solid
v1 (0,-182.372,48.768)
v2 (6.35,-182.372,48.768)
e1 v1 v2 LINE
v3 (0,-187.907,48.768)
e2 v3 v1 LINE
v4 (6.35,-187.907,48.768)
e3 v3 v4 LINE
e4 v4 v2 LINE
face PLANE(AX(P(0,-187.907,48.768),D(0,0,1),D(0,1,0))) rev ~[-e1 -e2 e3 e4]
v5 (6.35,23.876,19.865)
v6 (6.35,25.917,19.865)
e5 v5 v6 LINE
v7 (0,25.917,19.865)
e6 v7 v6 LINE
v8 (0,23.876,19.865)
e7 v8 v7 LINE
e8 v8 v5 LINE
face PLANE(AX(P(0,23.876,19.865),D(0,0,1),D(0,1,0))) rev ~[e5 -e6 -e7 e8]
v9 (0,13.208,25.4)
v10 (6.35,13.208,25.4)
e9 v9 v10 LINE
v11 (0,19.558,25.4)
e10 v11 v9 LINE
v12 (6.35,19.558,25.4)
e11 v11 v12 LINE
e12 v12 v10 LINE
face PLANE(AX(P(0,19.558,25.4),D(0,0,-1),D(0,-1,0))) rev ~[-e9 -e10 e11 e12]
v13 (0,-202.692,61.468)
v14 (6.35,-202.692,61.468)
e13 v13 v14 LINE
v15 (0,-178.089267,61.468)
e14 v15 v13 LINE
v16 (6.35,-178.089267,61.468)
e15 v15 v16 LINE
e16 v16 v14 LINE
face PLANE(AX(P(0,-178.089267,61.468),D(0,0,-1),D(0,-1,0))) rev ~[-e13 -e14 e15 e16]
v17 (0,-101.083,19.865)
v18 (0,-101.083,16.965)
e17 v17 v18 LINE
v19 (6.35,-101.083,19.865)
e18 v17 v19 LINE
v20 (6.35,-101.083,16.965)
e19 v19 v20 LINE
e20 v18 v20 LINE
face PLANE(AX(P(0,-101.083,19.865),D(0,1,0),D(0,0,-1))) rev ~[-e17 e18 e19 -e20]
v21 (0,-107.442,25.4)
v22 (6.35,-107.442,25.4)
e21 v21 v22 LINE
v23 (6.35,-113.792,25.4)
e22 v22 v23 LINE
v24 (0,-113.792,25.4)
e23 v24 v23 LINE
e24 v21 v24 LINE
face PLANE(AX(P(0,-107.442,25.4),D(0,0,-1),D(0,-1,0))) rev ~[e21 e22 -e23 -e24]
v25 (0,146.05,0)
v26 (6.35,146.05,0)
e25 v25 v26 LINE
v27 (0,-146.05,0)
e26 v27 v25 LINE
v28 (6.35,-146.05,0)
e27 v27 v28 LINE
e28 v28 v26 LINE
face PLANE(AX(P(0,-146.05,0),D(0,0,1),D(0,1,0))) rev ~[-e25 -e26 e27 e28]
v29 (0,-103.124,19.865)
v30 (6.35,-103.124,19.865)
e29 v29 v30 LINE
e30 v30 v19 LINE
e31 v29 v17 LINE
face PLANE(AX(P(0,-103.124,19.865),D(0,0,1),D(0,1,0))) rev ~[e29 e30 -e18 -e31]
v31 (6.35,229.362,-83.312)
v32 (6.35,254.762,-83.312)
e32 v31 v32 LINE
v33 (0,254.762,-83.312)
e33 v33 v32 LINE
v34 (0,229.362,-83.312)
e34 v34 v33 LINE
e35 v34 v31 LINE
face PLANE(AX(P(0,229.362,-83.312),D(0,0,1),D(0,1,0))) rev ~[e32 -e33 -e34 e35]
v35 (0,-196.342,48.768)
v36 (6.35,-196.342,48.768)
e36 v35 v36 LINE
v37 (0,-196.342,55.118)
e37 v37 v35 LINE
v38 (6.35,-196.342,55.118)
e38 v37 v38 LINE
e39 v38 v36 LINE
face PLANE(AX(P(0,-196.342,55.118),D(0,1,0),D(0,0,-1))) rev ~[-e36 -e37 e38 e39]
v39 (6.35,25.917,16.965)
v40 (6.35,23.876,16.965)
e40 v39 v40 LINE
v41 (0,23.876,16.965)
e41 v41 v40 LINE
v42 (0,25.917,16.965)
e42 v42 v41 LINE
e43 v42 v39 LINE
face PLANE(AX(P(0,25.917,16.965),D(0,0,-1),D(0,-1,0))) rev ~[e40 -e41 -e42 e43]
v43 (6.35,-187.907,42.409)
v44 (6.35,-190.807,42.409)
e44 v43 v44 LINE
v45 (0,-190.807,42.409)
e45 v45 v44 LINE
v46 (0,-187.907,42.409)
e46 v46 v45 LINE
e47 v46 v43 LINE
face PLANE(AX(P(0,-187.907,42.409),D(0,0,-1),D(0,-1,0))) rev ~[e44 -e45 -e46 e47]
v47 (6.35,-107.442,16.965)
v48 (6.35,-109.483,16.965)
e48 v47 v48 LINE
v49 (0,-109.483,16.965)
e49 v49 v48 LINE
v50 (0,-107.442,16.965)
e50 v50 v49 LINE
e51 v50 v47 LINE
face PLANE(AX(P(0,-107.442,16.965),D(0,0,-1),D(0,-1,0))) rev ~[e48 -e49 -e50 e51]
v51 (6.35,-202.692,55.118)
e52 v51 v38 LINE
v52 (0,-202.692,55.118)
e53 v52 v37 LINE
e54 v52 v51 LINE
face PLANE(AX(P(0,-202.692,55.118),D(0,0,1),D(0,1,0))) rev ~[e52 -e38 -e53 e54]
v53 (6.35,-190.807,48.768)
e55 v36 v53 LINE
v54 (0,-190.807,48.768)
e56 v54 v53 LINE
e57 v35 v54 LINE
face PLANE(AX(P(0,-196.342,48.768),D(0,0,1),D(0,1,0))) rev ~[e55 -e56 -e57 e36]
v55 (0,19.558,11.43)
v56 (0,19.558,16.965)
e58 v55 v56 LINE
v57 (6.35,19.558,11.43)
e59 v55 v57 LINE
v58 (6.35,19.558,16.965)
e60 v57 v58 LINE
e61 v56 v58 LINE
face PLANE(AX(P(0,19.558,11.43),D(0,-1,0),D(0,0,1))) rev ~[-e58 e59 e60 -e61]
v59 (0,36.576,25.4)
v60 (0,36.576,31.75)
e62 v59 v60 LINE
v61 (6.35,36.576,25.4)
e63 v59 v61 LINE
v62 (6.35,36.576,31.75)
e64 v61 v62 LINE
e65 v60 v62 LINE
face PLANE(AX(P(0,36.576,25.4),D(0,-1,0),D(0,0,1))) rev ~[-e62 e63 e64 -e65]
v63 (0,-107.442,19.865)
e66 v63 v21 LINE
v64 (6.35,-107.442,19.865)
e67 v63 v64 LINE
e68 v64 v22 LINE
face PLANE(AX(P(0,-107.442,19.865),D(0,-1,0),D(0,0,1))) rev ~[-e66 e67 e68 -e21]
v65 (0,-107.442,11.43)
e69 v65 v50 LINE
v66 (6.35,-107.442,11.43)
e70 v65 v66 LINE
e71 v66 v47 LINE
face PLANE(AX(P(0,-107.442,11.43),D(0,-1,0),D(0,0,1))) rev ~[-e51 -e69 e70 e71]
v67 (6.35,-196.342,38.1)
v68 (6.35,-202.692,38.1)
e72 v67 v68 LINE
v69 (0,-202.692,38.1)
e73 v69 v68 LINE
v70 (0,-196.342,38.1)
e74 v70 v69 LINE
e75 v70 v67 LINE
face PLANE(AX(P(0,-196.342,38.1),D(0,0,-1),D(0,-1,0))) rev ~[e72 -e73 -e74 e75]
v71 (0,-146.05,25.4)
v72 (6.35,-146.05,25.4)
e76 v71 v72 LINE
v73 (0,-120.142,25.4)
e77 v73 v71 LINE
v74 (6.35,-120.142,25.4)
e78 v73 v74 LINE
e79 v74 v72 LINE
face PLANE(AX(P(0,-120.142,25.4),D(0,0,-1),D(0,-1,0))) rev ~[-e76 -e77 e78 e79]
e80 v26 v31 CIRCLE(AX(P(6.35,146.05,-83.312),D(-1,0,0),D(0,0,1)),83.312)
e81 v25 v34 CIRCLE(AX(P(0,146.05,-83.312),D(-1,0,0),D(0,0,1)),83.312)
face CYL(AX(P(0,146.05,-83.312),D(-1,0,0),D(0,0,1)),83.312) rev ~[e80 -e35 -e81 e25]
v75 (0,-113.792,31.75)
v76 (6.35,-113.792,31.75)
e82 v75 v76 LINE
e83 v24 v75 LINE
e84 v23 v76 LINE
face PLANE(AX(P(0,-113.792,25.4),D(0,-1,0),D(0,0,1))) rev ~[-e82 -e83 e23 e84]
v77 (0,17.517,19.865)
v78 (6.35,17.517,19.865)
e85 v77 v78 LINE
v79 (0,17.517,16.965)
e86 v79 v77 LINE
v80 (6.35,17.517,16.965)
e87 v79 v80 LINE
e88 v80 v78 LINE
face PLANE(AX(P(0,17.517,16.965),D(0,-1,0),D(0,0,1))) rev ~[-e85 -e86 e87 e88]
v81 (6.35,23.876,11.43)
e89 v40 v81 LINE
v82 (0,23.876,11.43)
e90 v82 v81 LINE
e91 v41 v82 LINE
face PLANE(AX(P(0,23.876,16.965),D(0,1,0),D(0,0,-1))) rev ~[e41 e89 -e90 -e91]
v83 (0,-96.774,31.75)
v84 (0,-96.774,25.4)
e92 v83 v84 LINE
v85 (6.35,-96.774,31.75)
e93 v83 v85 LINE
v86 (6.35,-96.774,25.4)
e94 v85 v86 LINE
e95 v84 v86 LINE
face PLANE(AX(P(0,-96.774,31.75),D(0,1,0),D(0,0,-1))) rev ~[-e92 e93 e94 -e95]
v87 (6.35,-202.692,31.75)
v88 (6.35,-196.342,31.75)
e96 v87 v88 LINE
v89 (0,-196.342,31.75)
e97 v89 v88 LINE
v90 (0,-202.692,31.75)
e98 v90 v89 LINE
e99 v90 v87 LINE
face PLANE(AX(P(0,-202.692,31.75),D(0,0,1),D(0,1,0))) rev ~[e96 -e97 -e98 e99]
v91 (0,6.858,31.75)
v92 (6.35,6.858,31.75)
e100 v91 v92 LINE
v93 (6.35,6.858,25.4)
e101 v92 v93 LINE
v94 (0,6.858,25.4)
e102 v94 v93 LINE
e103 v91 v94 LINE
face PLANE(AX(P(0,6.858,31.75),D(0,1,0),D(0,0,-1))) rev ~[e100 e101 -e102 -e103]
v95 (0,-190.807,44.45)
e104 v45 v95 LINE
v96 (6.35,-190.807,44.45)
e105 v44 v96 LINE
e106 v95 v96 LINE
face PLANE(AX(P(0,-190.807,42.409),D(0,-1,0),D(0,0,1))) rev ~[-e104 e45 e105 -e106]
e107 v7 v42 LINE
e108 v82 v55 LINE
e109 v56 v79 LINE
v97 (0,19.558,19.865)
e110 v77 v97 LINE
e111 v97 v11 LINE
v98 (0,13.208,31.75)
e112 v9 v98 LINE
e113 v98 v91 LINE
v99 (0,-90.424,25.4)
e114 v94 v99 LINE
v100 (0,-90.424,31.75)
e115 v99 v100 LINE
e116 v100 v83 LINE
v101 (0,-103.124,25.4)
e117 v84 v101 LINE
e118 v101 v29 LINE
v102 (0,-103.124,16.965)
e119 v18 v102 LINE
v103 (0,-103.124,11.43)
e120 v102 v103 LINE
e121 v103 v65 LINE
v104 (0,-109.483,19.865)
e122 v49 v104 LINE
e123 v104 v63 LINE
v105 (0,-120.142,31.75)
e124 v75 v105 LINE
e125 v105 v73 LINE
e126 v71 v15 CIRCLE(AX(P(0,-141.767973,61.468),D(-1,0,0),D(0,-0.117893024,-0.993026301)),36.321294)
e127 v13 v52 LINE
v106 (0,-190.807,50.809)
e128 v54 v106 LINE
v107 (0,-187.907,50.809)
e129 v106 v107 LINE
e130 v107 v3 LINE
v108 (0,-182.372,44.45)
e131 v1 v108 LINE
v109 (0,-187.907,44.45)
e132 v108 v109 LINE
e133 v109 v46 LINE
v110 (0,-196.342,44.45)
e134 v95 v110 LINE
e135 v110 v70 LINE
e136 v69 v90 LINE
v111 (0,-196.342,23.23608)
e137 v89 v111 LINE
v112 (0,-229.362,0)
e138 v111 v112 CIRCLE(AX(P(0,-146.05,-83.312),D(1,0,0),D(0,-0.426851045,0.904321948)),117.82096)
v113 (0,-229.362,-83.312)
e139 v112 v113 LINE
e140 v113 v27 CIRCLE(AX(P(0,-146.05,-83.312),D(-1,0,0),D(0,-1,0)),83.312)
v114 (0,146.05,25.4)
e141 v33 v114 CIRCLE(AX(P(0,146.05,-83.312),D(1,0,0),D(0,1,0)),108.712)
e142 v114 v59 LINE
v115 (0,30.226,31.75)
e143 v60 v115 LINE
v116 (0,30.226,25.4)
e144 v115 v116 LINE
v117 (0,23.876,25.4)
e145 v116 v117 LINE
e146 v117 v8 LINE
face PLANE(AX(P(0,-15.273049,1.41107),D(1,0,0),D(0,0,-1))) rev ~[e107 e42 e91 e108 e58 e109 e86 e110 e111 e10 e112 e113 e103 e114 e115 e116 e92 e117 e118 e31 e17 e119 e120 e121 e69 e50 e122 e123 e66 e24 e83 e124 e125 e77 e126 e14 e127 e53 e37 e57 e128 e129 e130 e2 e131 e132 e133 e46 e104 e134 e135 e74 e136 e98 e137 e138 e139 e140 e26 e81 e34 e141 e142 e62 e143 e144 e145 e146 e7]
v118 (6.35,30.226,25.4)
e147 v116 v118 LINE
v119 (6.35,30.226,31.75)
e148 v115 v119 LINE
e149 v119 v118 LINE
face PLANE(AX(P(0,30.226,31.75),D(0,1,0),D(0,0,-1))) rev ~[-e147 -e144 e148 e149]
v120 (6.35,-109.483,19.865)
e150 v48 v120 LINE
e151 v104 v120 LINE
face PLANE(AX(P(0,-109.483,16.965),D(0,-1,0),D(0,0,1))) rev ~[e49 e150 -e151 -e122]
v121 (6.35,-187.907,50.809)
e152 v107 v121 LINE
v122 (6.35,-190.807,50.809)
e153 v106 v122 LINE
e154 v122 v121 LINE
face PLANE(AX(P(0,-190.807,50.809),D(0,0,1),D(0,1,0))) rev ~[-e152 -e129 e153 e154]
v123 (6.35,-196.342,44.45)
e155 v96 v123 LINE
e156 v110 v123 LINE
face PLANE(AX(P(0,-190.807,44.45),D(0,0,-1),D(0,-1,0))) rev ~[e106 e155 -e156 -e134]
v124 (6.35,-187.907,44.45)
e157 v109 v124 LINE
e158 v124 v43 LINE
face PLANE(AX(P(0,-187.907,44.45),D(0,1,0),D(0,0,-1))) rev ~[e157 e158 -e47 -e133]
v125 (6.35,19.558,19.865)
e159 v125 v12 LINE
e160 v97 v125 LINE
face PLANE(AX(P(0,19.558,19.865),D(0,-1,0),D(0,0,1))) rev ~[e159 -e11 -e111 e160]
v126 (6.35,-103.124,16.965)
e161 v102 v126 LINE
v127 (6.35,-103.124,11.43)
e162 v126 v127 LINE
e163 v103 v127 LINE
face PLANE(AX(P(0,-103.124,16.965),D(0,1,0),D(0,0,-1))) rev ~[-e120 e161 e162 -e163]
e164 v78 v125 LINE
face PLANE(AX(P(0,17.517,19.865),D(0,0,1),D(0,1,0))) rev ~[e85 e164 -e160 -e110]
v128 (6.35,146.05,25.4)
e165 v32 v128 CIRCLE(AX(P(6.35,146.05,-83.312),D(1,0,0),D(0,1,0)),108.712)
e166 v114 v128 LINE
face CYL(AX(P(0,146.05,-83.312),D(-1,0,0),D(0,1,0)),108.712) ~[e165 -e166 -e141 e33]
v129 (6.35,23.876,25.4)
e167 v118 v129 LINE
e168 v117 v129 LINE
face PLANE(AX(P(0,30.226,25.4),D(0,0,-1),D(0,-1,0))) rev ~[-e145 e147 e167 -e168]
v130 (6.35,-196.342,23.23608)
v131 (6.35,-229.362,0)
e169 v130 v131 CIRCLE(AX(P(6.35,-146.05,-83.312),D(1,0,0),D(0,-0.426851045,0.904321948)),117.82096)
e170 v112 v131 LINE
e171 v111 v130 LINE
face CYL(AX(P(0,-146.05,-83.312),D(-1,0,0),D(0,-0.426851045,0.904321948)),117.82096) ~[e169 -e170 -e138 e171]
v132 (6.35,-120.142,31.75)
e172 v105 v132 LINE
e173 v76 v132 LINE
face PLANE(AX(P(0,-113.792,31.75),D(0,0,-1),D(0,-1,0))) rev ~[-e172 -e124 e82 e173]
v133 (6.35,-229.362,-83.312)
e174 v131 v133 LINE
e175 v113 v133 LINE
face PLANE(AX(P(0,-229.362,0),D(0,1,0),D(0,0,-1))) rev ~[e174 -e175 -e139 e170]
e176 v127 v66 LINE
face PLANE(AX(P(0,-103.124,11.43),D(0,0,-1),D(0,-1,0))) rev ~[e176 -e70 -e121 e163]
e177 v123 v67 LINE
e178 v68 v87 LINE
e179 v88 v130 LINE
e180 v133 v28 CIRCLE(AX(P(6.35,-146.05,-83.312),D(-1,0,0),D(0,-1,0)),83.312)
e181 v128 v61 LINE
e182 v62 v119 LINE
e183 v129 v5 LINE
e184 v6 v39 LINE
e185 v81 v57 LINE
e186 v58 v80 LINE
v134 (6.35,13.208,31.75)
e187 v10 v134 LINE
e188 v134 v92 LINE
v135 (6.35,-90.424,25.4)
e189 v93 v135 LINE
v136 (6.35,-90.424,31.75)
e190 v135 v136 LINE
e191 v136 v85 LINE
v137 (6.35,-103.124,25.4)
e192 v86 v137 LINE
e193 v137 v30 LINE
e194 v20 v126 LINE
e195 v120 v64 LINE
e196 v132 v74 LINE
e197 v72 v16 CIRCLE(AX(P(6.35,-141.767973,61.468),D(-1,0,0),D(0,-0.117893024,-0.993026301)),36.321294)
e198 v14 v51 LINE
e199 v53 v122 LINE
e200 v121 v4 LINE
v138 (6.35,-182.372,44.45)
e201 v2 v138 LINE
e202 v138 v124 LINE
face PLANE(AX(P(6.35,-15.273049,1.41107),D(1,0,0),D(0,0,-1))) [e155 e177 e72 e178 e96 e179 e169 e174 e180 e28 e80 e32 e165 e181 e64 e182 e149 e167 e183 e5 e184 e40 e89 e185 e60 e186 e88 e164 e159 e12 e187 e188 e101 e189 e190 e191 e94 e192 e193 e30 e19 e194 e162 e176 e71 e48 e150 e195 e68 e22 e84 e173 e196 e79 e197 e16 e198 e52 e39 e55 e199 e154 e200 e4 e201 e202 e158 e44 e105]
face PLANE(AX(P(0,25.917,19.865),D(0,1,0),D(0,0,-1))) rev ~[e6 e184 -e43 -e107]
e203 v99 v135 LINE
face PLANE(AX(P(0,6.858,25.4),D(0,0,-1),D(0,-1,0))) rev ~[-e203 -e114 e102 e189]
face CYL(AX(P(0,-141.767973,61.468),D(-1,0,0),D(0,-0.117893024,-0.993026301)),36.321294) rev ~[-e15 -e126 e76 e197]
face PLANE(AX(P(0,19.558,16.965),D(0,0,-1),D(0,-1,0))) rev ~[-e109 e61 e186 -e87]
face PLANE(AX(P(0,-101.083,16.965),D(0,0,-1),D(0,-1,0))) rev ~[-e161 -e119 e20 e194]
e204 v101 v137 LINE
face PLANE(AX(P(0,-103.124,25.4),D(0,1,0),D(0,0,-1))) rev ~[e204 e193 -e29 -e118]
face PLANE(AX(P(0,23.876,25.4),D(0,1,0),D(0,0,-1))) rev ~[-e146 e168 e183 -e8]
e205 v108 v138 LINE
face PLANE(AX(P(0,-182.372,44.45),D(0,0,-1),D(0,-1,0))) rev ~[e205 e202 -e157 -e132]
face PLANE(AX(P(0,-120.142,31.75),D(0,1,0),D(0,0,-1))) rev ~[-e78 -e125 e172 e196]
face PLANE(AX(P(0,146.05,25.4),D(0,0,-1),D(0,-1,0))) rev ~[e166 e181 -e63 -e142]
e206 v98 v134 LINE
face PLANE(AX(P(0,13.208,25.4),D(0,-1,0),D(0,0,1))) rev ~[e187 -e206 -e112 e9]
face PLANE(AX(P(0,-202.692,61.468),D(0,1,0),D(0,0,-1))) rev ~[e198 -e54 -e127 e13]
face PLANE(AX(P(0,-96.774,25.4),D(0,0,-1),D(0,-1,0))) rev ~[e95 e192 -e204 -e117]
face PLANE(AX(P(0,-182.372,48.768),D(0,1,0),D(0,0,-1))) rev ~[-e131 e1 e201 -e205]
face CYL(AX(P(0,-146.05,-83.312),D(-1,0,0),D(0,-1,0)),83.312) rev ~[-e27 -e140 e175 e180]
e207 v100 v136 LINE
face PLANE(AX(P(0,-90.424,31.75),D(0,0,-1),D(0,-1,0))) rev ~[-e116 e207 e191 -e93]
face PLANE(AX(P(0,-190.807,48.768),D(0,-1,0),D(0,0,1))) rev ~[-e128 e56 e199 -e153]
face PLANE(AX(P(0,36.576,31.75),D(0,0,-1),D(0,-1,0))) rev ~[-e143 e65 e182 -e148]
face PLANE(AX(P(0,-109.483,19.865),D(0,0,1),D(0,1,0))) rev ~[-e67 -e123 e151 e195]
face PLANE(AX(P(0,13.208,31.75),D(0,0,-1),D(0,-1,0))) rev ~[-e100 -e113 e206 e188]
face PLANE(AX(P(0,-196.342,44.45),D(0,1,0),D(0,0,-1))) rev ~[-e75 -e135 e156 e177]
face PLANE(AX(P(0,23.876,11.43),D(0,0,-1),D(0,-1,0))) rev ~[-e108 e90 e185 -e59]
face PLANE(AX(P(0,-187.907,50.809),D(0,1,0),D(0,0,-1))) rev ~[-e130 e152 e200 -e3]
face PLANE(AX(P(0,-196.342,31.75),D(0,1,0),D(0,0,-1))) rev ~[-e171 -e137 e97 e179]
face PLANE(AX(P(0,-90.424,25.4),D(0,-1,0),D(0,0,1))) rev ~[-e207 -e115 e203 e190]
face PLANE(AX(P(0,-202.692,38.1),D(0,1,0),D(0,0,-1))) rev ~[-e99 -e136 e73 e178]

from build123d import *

# Parameters (mm, degrees)
BOSS_EXTRUDE2_DEPTH = 6.35


with BuildPart() as part:
    # Elevator Ball Support Rail → Boss-Extrude2 (new body)
    with BuildSketch(Plane(origin=(0, 0, 0), x_dir=(0, 0, -1), z_dir=(1, 0, 0))):
        with BuildLine():
            ThreePointArc((0, 146.05), (24.401519846, 204.960480154), (83.312, 229.362))
            Line((83.312, 229.362), (83.312, 254.762))
            ThreePointArc((83.312, 254.762), (6.441007604, 222.920992396), (-25.4, 146.05))
            Line((-25.4, 146.05), (-25.4, 36.576))
            Line((-25.4, 36.576), (-31.75, 36.576))
            Line((-31.75, 36.576), (-31.75, 30.226))
            Line((-31.75, 30.226), (-25.4, 30.226))
            Line((-25.4, 30.226), (-25.4, 23.876))
            Line((-25.4, 23.876), (-19.865000021, 23.876))
            Line((-19.865000021, 23.876), (-19.865000021, 25.916999982))
            Line((-19.865000021, 25.916999982), (-16.964999979, 25.916999982))
            Line((-16.964999979, 25.916999982), (-16.964999979, 23.876))
            Line((-16.964999979, 23.876), (-11.43, 23.876))
            Line((-11.43, 23.876), (-11.43, 19.558))
            Line((-11.43, 19.558), (-16.964999979, 19.558))
            Line((-16.964999979, 19.558), (-16.964999979, 17.517000018))
            Line((-16.964999979, 17.517000018), (-19.865000021, 17.517000018))
            Line((-19.865000021, 17.517000018), (-19.865000021, 19.558))
            Line((-19.865000021, 19.558), (-25.4, 19.558))
            Line((-25.4, 19.558), (-25.4, 13.208))
            Line((-25.4, 13.208), (-31.75, 13.208))
            Line((-31.75, 13.208), (-31.75, 6.858))
            Line((-31.75, 6.858), (-25.4, 6.858))
            Line((-25.4, 6.858), (-25.4, -90.424))
            Line((-25.4, -90.424), (-31.75, -90.424))
            Line((-31.75, -90.424), (-31.75, -96.774))
            Line((-31.75, -96.774), (-25.4, -96.774))
            Line((-25.4, -96.774), (-25.4, -103.124))
            Line((-25.4, -103.124), (-19.865000021, -103.124))
            Line((-19.865000021, -103.124), (-19.865000021, -101.083000018))
            Line((-19.865000021, -101.083000018), (-16.964999979, -101.083000018))
            Line((-16.964999979, -101.083000018), (-16.964999979, -103.124))
            Line((-16.964999979, -103.124), (-11.43, -103.124))
            Line((-11.43, -103.124), (-11.43, -107.442))
            Line((-11.43, -107.442), (-16.964999979, -107.442))
            Line((-16.964999979, -107.442), (-16.964999979, -109.482999982))
            Line((-16.964999979, -109.482999982), (-19.865000021, -109.482999982))
            Line((-19.865000021, -109.482999982), (-19.865000021, -107.442))
            Line((-19.865000021, -107.442), (-25.4, -107.442))
            Line((-25.4, -107.442), (-25.4, -113.792))
            Line((-25.4, -113.792), (-31.75, -113.792))
            Line((-31.75, -113.792), (-31.75, -120.142))
            Line((-31.75, -120.142), (-25.4, -120.142))
            Line((-25.4, -120.142), (-25.4, -146.05))
            ThreePointArc((-25.4, -146.05), (-37.346353976, -168.922761976), (-61.468, -178.08926659))
            Line((-61.468, -178.08926659), (-61.468, -196.342))
            Line((-61.468, -196.342), (-61.468, -202.692))
            Line((-61.468, -202.692), (-55.118, -202.692))
            Line((-55.118, -202.692), (-55.118, -196.342))
            Line((-55.118, -196.342), (-48.768, -196.342))
            Line((-48.768, -196.342), (-48.768, -190.807000021))
            Line((-48.768, -190.807000021), (-50.808999982, -190.807000021))
            Line((-50.808999982, -190.807000021), (-50.808999982, -187.906999979))
            Line((-50.808999982, -187.906999979), (-48.768, -187.906999979))
            Line((-48.768, -187.906999979), (-48.768, -182.372))
            Line((-48.768, -182.372), (-44.45, -182.372))
            Line((-44.45, -182.372), (-44.45, -187.906999979))
            Line((-44.45, -187.906999979), (-42.409000018, -187.906999979))
            Line((-42.409000018, -187.906999979), (-42.409000018, -190.807000021))
            Line((-42.409000018, -190.807000021), (-44.45, -190.807000021))
            Line((-44.45, -190.807000021), (-44.45, -196.342))
            Line((-44.45, -196.342), (-38.1, -196.342))
            Line((-38.1, -196.342), (-38.1, -202.692))
            Line((-38.1, -202.692), (-31.75, -202.692))
            Line((-31.75, -202.692), (-31.75, -196.342))
            Line((-31.75, -196.342), (-23.236080339, -196.342))
            ThreePointArc((-23.236080339, -196.342), (-13.043034257, -213.854764297), (0, -229.362))
            Line((0, -229.362), (83.312, -229.362))
            ThreePointArc((83.312, -229.362), (24.401519846, -204.960480154), (0, -146.05))
            Line((0, -146.05), (0, 146.05))
        make_face()
    extrude(amount=BOSS_EXTRUDE2_DEPTH)


solid = part.part
